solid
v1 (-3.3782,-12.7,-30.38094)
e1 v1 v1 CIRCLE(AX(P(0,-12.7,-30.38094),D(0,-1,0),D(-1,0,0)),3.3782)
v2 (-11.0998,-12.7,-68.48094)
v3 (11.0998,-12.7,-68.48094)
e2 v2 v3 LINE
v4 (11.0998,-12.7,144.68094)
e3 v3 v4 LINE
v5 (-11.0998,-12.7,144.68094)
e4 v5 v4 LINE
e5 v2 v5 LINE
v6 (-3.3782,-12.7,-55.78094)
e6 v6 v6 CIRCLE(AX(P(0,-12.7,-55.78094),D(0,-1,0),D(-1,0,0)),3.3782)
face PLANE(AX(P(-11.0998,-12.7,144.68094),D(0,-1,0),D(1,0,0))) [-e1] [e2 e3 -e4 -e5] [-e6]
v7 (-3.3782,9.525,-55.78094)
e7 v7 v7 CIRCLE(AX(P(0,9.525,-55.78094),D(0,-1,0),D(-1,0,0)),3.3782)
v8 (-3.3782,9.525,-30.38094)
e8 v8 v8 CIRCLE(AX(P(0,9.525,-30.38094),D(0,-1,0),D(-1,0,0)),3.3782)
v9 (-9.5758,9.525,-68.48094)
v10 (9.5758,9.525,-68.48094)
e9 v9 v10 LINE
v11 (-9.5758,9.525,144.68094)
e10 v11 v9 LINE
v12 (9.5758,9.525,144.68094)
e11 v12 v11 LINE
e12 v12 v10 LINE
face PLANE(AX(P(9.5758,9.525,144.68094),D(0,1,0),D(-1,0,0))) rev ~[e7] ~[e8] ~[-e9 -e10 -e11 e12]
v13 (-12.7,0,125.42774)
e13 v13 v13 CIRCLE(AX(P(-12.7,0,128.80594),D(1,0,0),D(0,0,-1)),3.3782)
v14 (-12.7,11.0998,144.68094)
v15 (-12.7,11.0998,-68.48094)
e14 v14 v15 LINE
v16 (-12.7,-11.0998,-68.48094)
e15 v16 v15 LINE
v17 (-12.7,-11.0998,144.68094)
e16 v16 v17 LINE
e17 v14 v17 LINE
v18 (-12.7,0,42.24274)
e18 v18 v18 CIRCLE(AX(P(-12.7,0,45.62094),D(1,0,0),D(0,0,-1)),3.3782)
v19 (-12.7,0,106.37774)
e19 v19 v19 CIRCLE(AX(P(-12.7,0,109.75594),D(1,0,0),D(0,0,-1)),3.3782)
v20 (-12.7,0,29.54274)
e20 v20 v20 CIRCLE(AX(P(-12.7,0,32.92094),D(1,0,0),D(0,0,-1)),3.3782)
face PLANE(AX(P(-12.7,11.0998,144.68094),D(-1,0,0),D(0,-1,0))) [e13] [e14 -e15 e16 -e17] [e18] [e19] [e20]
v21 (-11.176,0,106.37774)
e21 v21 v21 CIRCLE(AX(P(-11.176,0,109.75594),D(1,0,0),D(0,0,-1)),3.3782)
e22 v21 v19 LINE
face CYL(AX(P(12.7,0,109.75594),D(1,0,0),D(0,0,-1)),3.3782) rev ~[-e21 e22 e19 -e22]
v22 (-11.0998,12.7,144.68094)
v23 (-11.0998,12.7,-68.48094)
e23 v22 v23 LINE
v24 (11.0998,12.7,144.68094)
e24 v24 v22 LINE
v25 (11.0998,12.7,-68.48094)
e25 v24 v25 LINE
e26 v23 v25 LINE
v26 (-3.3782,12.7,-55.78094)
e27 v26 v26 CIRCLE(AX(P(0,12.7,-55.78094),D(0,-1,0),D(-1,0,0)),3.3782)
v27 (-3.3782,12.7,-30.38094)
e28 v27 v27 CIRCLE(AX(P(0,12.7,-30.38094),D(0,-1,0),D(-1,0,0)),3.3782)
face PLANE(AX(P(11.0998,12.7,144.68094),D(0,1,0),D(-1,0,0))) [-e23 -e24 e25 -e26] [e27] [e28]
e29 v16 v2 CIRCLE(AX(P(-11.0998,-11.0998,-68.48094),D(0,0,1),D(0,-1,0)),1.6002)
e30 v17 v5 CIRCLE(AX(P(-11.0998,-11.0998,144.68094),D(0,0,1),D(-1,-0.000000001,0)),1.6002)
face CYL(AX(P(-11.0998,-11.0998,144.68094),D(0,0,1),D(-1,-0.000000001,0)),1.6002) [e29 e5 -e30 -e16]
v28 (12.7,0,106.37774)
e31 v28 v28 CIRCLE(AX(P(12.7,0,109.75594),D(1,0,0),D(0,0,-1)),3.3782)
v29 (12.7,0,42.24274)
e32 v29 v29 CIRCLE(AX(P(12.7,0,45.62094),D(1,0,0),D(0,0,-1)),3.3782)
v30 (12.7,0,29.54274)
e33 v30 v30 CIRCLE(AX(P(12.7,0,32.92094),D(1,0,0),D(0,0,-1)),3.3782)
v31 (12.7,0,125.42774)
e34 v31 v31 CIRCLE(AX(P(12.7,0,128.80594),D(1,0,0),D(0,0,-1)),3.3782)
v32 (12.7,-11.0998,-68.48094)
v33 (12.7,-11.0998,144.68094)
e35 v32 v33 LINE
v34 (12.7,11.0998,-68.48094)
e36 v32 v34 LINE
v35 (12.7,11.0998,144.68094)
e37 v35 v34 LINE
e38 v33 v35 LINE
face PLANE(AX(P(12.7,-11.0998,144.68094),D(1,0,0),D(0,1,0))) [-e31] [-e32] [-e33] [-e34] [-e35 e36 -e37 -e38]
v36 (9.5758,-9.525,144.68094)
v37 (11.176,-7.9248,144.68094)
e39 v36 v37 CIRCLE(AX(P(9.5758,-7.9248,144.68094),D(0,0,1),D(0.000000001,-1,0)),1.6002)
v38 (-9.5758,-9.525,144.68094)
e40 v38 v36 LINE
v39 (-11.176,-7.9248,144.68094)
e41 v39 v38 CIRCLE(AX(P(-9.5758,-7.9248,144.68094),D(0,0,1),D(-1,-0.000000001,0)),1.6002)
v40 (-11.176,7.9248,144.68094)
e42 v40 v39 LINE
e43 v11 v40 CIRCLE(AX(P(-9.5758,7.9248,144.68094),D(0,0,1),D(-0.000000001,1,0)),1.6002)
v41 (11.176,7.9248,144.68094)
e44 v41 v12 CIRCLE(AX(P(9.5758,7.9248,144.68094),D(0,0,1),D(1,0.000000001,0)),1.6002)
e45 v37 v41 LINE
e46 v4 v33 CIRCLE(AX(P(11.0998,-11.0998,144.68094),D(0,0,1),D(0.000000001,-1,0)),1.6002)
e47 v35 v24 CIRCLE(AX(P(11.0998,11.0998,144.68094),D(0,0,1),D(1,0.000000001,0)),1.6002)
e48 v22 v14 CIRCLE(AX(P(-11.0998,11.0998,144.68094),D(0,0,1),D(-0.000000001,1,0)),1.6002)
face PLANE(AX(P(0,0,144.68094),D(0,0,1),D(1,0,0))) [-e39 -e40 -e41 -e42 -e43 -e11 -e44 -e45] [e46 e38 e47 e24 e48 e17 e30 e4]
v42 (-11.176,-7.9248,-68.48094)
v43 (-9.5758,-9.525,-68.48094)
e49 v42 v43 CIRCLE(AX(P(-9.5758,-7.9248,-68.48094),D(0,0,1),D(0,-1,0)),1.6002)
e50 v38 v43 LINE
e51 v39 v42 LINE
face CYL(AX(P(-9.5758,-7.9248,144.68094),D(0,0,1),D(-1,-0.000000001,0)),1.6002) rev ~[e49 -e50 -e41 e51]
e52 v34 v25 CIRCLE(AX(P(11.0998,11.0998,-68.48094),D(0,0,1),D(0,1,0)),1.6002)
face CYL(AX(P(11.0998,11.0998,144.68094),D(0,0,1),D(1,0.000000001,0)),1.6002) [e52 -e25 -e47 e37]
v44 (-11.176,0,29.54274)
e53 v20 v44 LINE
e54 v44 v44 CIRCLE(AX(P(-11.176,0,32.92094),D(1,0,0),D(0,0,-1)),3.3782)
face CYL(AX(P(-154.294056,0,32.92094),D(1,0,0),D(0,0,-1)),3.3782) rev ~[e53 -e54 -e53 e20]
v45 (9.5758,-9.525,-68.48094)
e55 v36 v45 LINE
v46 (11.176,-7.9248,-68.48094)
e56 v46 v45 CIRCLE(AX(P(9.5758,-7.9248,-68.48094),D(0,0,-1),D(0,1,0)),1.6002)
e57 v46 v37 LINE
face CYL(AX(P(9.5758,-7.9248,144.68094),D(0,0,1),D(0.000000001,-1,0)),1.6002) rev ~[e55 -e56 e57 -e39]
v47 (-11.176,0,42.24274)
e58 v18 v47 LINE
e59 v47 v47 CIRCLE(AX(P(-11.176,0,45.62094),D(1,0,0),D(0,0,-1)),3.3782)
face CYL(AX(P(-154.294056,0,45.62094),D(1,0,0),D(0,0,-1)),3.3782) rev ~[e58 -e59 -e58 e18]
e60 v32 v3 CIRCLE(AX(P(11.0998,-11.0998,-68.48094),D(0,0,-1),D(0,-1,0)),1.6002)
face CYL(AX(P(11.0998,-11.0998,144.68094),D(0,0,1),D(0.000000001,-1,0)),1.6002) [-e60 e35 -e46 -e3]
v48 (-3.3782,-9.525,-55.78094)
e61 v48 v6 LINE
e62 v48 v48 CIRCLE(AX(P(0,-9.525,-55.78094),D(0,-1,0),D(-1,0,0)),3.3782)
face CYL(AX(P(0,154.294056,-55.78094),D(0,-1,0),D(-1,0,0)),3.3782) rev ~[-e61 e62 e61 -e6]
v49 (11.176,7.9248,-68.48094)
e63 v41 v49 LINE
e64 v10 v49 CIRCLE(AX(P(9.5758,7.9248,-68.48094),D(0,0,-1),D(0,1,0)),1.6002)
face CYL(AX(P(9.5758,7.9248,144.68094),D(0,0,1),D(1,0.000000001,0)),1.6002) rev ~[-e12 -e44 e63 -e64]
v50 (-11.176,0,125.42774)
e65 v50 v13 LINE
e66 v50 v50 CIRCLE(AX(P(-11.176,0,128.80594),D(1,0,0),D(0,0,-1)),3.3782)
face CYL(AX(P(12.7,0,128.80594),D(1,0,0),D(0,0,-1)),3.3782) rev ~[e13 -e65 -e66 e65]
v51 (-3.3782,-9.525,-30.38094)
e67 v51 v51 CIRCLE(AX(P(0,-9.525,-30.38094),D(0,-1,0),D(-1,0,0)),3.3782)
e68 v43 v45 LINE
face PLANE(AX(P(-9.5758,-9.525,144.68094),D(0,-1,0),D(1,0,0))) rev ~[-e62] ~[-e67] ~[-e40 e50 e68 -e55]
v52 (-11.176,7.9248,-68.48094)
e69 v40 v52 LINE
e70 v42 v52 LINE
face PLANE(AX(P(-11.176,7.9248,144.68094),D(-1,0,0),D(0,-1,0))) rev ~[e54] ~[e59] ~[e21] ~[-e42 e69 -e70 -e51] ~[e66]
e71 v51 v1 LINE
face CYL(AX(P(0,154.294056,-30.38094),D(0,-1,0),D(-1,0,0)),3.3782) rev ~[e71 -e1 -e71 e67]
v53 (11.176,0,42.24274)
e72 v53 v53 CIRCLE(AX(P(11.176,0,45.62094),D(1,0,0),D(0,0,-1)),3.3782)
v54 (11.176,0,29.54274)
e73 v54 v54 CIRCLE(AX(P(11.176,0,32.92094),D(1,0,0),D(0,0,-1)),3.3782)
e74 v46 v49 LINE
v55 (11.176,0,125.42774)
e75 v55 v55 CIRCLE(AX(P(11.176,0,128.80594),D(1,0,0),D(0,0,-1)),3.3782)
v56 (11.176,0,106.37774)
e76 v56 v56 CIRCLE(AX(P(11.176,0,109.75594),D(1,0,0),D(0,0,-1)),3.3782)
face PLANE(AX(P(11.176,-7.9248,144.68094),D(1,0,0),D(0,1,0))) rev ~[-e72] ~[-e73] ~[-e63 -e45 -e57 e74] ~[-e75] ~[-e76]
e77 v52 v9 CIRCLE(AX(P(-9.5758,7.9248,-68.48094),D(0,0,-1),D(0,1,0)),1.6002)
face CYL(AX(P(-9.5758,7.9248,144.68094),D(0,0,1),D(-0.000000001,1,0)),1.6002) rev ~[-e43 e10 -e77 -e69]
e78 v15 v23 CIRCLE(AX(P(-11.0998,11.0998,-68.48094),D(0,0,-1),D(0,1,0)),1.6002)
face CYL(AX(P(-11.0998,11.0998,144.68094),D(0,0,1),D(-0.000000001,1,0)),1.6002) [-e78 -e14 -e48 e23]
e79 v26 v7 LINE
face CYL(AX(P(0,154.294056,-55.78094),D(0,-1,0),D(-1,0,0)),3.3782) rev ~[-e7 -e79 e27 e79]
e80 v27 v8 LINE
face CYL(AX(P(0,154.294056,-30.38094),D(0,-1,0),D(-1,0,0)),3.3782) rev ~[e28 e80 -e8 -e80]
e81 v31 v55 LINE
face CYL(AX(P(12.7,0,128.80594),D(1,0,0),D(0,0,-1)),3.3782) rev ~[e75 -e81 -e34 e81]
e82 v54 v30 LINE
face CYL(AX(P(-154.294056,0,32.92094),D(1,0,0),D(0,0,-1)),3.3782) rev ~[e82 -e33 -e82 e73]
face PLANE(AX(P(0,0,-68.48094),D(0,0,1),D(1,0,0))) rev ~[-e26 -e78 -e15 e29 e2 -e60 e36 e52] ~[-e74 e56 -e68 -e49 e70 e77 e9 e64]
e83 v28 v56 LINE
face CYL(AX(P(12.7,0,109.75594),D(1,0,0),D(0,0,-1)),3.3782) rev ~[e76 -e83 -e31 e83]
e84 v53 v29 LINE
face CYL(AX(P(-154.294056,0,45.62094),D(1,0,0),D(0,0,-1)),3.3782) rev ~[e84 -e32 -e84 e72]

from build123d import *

# Parameters (mm, degrees)
SKETCH3_W               = 25.4
SKETCH3_H               = 25.4
SKETCH3_W_2             = 22.352
SKETCH3_H_2             = 19.05
BOSS_EXTRUDE1_DEPTH     = 68.48094
FILLET1_R               = 1.6002
F_1_4_CLEARANCE_HOLE2_D = 6.7564
F_1_4_CLEARANCE_HOLE3_D = 6.7564
BOSS_EXTRUDE2_START     = 76.2
BOSS_EXTRUDE2_DEPTH     = 76.2
SKETCH17_R              = 3.3782
CUT_EXTRUDE3_DEPTH      = 148.441596571


with BuildPart() as part:
    # Sketch3 → Boss-Extrude1 (new, symmetric)
    with BuildSketch(Plane.XY):
        Rectangle(SKETCH3_W, SKETCH3_H)
        Rectangle(SKETCH3_W_2, SKETCH3_H_2, mode=Mode.SUBTRACT)
    extrude(amount=BOSS_EXTRUDE1_DEPTH, both=True)

    # Fillet1
    fillet1_edges = [part.edges().sort_by_distance(p)[0] for p in [
        (11.176, -9.525, 0),
        (11.176, 9.525, 0),
        (-11.176, 9.525, 0),
        (-11.176, -9.525, 0),
        (12.7, -12.7, 0),
        (-12.7, -12.7, 0),
        (-12.7, 12.7, 0),
        (12.7, 12.7, 0),
    ]]
    fillet(fillet1_edges, radius=FILLET1_R)

    # 1/4 Clearance Hole2 (through all)
    with Locations(Plane.ZY.offset(12.7)):
        with Locations((32.92094, 0), (45.62094, 0)):
            Hole(F_1_4_CLEARANCE_HOLE2_D / 2)

    # 1/4 Clearance Hole3 (through all)
    with Locations(Plane(origin=(0, 12.7, 0), x_dir=(1, 0, 0), z_dir=(0, 1, 0))):
        with Locations((0, 55.78094), (0, 30.38094)):
            Hole(F_1_4_CLEARANCE_HOLE3_D / 2)

    # Sketch16 → Boss-Extrude2 (add)
    with BuildSketch(Plane.XY.offset(68.48094).offset(BOSS_EXTRUDE2_START)):
        with BuildLine():
            Line((-12.7, 11.0998), (-12.7, -11.0998))
            ThreePointArc((-12.7, -11.0998), (-12.231312271, -12.231312271), (-11.0998, -12.7))
            Line((-11.0998, -12.7), (11.0998, -12.7))
            ThreePointArc((11.0998, -12.7), (12.231312271, -12.231312271), (12.7, -11.0998))
            Line((12.7, -11.0998), (12.7, 11.0998))
            ThreePointArc((12.7, 11.0998), (12.231312271, 12.231312271), (11.0998, 12.7))
            Line((11.0998, 12.7), (-11.0998, 12.7))
            ThreePointArc((-11.0998, 12.7), (-12.231312271, 12.231312271), (-12.7, 11.0998))
        make_face()
        with BuildLine():
            Line((11.176, -7.9248), (11.176, 7.9248))
            ThreePointArc((11.176, 7.9248), (10.707312271, 9.056312271), (9.5758, 9.525))
            Line((9.5758, 9.525), (-9.5758, 9.525))
            ThreePointArc((-9.5758, 9.525), (-10.707312271, 9.056312271), (-11.176, 7.9248))
            Line((-11.176, 7.9248), (-11.176, -7.9248))
            ThreePointArc((-11.176, -7.9248), (-10.707312271, -9.056312271), (-9.5758, -9.525))
            Line((-9.5758, -9.525), (9.5758, -9.525))
            ThreePointArc((9.5758, -9.525), (10.707312271, -9.056312271), (11.176, -7.9248))
        make_face(mode=Mode.SUBTRACT)
    extrude(amount=-BOSS_EXTRUDE2_DEPTH)

    # Sketch17 → Cut-Extrude3 (cut, through all)
    with BuildSketch(Plane(origin=(12.7, 0, 0), x_dir=(0, 0, -1), z_dir=(1, 0, 0))):
        with Locations((-109.75594, 0)):
            Circle(SKETCH17_R)
        with Locations((-128.80594, 0)):
            Circle(SKETCH17_R)
    extrude(amount=-CUT_EXTRUDE3_DEPTH, mode=Mode.SUBTRACT)


solid = part.part
